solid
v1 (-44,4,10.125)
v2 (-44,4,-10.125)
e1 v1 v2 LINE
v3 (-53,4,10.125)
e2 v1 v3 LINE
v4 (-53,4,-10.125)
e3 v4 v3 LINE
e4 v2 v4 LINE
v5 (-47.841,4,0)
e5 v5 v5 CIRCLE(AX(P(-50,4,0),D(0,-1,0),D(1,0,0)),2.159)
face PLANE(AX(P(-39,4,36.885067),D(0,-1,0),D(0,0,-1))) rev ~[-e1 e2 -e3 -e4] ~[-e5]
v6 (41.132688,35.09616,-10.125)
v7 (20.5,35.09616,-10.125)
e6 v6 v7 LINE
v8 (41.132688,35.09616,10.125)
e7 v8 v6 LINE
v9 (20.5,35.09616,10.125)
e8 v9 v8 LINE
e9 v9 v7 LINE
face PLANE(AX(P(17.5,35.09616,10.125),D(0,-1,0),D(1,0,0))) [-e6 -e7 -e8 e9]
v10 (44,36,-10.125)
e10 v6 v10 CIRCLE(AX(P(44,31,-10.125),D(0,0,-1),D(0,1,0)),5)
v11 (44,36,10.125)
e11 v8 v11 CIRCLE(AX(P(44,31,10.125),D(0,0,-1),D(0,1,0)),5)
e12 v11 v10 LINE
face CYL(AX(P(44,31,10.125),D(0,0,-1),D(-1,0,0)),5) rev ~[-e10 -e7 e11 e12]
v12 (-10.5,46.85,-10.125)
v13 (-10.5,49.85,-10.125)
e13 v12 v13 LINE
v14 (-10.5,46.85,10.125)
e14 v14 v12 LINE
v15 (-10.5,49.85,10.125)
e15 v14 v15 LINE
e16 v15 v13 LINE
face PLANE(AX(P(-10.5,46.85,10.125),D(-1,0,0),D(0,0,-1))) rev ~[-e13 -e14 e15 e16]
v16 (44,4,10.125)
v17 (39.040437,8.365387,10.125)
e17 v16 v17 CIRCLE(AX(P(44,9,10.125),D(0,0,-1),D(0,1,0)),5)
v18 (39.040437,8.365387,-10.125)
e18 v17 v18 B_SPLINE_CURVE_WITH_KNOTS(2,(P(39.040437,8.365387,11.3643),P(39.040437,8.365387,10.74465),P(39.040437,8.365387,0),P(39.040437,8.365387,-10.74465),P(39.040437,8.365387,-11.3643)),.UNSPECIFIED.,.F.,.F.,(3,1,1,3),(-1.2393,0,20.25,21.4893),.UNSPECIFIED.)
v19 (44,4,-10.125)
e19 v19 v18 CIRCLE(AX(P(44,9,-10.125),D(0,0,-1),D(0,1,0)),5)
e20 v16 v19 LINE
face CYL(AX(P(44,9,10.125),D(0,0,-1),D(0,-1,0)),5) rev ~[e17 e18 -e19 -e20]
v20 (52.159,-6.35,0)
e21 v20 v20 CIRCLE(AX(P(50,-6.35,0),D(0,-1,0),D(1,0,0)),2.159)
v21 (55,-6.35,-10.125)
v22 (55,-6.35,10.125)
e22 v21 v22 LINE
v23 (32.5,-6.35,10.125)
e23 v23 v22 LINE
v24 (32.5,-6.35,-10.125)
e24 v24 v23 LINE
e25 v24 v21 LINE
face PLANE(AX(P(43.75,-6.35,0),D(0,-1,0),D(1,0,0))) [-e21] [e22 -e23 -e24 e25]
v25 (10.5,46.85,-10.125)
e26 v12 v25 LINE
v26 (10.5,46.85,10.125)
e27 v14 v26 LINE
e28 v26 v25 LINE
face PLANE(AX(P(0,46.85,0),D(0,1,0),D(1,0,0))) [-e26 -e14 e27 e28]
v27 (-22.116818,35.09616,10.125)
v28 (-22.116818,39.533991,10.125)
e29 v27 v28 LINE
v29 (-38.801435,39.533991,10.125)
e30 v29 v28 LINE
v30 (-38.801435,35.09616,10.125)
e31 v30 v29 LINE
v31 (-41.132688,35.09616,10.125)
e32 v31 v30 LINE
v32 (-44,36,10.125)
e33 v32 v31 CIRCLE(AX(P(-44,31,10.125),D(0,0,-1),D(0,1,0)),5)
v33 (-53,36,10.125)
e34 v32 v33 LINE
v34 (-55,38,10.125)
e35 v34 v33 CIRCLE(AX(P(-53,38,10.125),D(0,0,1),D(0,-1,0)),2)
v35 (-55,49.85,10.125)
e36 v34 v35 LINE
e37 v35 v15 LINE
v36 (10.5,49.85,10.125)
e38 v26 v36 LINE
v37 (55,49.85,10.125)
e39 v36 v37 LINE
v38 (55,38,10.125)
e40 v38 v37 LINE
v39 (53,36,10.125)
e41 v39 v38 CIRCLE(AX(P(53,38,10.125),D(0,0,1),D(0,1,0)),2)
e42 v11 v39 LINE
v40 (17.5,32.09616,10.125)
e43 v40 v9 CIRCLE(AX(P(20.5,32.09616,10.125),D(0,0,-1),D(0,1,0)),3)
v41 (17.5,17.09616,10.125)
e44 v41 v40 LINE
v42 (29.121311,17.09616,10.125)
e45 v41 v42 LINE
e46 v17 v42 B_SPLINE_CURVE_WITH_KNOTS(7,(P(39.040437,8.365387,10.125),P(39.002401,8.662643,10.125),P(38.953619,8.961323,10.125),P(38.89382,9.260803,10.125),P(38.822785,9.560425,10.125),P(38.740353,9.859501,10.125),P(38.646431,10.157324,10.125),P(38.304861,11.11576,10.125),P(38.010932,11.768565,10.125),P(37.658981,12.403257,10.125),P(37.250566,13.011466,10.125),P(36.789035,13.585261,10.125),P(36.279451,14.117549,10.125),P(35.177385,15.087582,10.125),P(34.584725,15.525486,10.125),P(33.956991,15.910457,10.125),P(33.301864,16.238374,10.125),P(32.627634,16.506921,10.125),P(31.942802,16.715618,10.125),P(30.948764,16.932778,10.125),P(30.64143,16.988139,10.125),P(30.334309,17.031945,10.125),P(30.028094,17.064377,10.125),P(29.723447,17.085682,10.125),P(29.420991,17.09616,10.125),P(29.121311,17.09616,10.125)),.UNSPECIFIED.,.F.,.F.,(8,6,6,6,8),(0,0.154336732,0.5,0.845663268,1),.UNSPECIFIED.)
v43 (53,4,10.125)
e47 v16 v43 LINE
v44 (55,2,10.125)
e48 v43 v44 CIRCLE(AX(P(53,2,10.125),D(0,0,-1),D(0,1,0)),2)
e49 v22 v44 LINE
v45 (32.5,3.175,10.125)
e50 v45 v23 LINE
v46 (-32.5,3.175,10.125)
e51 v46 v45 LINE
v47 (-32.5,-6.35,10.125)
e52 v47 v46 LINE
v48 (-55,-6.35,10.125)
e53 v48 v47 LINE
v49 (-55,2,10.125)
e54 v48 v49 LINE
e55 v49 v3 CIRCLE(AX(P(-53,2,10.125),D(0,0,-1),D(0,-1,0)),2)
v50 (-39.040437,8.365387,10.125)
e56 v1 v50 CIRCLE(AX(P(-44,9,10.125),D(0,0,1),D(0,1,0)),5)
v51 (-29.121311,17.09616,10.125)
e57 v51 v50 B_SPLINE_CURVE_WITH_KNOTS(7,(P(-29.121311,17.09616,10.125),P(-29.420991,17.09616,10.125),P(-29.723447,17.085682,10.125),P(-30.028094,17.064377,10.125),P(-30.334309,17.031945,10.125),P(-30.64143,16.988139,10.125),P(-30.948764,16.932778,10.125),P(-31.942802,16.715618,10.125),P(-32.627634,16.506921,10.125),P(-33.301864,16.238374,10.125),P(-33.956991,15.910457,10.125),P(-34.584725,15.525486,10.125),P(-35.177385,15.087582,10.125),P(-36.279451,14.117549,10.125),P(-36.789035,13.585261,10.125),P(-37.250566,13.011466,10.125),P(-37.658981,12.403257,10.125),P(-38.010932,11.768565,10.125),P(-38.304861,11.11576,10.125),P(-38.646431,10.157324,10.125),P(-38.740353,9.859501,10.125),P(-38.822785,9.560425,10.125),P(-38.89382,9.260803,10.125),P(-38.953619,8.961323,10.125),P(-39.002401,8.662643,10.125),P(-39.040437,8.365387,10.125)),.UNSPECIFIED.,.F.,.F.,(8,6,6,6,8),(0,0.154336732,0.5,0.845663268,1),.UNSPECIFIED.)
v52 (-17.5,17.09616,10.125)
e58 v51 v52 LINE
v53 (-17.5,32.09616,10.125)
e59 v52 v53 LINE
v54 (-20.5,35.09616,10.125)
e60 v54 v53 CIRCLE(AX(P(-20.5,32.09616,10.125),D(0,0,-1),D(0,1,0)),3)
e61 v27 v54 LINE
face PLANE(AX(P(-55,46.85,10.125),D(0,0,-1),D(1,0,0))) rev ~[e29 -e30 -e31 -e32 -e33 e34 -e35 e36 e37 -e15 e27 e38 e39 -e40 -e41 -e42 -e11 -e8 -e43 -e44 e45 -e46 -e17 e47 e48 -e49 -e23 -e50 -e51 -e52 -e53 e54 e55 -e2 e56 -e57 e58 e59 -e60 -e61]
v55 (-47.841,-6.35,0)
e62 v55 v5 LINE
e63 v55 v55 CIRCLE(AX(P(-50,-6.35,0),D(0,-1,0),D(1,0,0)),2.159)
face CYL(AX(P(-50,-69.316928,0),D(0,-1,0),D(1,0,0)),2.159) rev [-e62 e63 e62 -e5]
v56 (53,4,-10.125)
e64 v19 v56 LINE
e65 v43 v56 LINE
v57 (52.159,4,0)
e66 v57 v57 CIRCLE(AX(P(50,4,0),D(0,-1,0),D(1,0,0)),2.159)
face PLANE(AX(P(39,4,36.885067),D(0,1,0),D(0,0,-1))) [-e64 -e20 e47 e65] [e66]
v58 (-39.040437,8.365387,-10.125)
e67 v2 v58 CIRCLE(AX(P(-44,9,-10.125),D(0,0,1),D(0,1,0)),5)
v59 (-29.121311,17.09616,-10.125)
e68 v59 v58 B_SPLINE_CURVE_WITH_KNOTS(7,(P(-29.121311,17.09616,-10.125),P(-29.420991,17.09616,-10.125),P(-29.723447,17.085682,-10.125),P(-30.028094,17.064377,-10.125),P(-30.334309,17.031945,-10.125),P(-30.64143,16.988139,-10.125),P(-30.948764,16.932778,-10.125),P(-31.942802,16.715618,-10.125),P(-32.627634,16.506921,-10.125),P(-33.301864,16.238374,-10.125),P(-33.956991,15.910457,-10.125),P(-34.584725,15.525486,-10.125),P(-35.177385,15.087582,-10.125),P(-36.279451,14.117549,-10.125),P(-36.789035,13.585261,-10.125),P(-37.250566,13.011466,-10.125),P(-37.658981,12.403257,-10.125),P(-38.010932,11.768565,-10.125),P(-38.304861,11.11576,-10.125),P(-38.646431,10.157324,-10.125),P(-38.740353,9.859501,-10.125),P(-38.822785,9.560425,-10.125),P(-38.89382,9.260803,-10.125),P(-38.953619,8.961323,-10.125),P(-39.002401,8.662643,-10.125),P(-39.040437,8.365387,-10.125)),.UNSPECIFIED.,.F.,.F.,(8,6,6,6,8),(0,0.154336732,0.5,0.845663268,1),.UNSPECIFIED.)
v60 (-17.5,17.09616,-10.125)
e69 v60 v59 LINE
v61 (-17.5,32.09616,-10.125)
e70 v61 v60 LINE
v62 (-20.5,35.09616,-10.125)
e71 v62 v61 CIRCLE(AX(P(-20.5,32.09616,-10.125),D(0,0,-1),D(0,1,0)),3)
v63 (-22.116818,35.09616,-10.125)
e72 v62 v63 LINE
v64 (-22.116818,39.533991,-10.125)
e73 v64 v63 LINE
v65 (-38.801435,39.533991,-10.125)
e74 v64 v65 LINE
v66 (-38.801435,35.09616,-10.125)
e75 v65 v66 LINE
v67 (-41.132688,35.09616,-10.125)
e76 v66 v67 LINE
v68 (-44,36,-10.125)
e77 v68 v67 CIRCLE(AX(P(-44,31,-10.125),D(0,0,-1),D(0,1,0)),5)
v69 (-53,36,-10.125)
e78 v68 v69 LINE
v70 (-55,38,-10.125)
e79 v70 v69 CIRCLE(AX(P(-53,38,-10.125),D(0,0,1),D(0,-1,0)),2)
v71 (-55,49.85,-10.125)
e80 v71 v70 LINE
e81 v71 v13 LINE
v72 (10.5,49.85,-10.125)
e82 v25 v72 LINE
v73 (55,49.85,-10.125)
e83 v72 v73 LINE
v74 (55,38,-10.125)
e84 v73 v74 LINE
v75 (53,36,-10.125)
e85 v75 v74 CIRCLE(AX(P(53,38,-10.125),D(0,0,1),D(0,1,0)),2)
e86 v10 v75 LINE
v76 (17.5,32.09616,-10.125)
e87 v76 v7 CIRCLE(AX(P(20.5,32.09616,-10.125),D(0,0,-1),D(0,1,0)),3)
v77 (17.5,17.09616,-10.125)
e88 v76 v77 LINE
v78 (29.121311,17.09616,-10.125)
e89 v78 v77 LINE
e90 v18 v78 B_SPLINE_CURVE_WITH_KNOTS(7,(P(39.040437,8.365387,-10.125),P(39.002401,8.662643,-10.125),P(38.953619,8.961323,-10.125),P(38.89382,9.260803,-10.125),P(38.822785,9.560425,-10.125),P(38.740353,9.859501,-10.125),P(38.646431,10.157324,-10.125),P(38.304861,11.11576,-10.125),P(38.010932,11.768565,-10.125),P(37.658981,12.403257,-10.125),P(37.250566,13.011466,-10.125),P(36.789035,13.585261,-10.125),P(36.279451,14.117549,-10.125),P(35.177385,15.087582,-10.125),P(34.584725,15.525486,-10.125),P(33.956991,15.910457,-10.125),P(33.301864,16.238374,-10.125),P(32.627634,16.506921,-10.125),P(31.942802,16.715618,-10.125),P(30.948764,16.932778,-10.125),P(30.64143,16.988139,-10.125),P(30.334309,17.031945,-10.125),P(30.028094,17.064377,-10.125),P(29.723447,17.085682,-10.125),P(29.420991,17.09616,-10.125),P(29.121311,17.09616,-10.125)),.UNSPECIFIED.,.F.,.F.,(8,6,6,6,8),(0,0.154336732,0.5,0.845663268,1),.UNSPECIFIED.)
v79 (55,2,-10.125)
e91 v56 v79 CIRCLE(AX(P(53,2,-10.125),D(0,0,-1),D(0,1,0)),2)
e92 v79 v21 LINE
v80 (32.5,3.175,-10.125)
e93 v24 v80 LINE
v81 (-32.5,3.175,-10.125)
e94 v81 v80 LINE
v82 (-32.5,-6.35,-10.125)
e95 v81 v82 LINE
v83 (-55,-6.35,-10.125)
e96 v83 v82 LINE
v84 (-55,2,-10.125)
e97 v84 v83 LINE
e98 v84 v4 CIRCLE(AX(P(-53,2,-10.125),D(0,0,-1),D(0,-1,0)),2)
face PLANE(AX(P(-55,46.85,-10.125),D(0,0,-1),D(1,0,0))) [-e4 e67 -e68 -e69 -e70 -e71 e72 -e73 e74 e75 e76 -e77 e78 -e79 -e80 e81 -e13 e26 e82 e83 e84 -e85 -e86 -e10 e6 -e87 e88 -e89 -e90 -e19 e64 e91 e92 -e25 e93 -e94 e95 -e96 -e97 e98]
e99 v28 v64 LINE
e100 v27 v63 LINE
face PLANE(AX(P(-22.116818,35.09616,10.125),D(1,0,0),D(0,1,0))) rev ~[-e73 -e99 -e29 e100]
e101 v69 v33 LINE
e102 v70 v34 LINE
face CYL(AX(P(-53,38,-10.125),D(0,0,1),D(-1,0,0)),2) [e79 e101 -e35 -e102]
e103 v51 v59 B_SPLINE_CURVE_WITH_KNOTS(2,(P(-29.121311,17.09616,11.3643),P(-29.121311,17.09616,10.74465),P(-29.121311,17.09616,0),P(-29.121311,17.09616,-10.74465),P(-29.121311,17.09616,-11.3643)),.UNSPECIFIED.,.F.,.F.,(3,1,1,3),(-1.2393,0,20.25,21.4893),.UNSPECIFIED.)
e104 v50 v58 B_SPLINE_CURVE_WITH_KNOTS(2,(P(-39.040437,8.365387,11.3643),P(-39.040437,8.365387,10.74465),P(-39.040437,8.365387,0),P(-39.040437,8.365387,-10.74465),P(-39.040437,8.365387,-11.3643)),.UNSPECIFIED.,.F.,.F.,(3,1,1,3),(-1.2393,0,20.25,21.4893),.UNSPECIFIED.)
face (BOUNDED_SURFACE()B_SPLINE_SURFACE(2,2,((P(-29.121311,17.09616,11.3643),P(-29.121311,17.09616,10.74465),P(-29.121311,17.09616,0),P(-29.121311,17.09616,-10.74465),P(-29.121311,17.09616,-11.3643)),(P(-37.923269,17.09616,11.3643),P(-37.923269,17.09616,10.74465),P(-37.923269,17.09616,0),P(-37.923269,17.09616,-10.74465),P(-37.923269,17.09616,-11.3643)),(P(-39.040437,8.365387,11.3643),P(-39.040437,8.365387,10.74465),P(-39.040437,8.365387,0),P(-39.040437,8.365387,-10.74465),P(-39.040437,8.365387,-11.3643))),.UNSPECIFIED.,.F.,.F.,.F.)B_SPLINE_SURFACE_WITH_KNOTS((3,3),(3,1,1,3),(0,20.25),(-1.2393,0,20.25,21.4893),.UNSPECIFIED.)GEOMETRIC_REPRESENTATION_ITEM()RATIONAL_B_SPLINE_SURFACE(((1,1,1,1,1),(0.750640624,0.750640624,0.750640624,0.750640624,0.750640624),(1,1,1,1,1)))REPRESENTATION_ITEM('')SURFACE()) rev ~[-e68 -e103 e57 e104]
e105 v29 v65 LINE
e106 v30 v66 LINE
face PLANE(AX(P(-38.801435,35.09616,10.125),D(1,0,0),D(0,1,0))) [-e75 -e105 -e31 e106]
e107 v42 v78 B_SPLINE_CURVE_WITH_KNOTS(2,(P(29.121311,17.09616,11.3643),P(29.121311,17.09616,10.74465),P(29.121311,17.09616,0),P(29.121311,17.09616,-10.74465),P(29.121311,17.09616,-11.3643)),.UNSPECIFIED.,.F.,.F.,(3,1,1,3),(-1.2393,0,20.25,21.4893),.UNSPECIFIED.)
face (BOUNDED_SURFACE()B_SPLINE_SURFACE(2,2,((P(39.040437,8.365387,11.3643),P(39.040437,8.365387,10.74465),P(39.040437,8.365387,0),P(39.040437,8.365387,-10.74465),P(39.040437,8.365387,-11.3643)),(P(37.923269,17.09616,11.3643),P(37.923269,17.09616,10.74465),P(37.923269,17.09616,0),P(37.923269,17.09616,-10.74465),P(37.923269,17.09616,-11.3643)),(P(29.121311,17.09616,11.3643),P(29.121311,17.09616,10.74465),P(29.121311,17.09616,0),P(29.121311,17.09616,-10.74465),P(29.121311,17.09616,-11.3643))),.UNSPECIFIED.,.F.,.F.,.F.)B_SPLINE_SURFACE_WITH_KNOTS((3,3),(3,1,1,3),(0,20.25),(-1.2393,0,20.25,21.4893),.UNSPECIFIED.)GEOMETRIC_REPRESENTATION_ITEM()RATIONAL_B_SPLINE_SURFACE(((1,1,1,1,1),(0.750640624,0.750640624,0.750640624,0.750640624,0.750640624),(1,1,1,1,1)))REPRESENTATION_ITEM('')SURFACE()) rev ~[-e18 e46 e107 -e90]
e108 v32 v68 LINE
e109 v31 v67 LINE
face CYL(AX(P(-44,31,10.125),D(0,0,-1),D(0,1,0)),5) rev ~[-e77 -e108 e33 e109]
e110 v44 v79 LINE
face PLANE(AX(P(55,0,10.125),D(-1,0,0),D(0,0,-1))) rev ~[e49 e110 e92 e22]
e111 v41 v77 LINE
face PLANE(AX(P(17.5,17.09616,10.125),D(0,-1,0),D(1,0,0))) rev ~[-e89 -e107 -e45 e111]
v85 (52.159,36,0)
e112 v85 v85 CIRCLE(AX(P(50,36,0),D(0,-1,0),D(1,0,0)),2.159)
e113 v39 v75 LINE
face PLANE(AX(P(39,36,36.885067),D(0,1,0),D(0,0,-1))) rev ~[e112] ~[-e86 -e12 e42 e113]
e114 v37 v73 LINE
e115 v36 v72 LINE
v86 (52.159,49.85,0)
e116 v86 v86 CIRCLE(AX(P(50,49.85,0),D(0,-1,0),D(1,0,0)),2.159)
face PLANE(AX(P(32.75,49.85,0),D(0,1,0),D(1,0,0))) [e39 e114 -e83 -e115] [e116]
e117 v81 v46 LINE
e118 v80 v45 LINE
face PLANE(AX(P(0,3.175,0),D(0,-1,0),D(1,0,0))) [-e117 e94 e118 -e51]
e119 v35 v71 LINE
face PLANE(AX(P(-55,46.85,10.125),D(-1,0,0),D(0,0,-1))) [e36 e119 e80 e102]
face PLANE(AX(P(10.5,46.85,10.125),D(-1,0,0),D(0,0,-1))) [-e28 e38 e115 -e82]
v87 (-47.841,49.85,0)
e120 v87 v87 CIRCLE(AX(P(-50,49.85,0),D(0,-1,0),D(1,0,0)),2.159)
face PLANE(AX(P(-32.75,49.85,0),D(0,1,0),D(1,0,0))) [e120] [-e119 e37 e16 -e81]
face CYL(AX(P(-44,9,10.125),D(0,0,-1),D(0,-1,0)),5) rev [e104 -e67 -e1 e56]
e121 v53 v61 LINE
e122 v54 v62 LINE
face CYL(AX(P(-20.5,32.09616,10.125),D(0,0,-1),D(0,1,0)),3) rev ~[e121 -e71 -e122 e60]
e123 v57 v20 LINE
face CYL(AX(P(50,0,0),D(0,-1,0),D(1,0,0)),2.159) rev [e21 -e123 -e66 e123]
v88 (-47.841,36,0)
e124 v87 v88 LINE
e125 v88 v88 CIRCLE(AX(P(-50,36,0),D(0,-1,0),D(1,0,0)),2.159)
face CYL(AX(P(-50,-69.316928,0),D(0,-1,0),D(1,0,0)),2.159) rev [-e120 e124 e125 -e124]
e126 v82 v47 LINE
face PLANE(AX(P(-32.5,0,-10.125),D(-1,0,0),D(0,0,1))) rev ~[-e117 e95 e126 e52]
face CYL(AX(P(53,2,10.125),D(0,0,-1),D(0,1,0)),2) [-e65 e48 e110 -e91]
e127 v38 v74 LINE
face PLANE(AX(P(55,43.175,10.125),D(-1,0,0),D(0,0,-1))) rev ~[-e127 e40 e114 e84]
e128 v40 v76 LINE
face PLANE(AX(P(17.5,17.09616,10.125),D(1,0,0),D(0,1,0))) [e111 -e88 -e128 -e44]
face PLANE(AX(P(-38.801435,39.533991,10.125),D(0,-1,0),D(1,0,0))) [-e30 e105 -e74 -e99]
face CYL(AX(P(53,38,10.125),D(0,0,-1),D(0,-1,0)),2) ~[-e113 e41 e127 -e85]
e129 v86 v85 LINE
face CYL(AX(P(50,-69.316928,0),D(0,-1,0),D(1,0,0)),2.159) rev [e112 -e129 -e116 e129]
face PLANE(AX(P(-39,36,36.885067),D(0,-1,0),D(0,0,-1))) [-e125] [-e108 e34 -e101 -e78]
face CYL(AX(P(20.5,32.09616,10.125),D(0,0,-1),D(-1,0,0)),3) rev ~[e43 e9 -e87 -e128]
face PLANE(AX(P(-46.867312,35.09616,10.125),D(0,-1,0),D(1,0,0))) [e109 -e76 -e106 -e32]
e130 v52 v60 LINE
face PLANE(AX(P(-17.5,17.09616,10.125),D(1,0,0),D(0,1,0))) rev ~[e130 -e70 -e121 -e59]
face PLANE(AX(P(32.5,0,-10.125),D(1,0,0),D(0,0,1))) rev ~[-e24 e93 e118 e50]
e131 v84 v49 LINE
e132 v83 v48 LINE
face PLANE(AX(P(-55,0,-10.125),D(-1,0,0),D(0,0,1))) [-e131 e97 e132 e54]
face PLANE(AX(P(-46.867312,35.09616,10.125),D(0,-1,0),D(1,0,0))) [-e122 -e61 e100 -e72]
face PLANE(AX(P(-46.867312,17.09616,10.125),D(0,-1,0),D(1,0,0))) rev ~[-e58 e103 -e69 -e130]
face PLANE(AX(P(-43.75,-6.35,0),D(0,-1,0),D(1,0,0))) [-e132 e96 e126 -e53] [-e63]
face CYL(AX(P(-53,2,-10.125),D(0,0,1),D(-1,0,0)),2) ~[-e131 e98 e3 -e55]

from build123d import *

# Parameters (mm, degrees)
SKETCH1_W                = 110
SKETCH1_H                = 20.25
SKETCH1_R                = 2.159
BOSS_EXTRUDE1_DEPTH      = 43.175
CUT_EXTRUDE3_START       = 39
SKETCH2_W                = 74.945935845
SKETCH2_H                = 32
CUT_EXTRUDE3_DEPTH       = 32.651229643
CUT_EXTRUDE4_START       = -39
SKETCH2_3_W              = 74.945935845
SKETCH2_3_H              = 32
CUT_EXTRUDE4_DEPTH       = 32.651229643
FILLET1_R                = 5
FILLET2_R                = 2
SKETCH10_W               = 65
SKETCH10_H               = 20.25
CUT_EXTRUDE8_DEPTH       = 3.175
SKETCH11_W               = 30
SKETCH11_H               = 18
SKETCH11_W_2             = 29.367311722
CUT_EXTRUDE9_DEPTH       = 73.795213613
FILLET3_R                = 10
FILLET5_R                = 3
SKETCH16_W               = 22.5
SKETCH16_H               = 20.25
BOSS_EXTRUDE4_DEPTH      = 6.35
SKETCH13_W               = 110
SKETCH13_H               = 20.25
BOSS_EXTRUDE5_DEPTH      = 3.675
SKETCH19_W               = 44.5
SKETCH19_H               = 20.25
BOSS_EXTRUDE6_DEPTH      = 3
CUT_EXTRUDE10_DEPTH      = 73.316928497
CUT_EXTRUDE10_DEPTH_BACK = 73.316928497
SKETCH20_R               = 2.159
SKETCH21_W               = 16.684617085
SKETCH21_H               = 4.437831476
CUT_EXTRUDE11_DEPTH      = 77.942088775


with BuildPart() as part:
    # Sketch1 → Boss-Extrude1 (new body)
    with BuildSketch(Plane(origin=(0, 0, 0), x_dir=(1, 0, 0), z_dir=(0, 1, 0))):
        Rectangle(SKETCH1_W, SKETCH1_H)
        with Locations((-50, 0)):
            Circle(SKETCH1_R, mode=Mode.SUBTRACT)
        with Locations((50, 0)):
            Circle(SKETCH1_R, mode=Mode.SUBTRACT)
    extrude(amount=BOSS_EXTRUDE1_DEPTH)

    # Sketch2 → Cut-Extrude3 (cut, through all)
    with BuildSketch(Plane(origin=(0, 0, 0), x_dir=(0, 0, -1), z_dir=(1, 0, 0)).offset(CUT_EXTRUDE3_START)):
        with Locations((0.587900532, 20)):
            Rectangle(SKETCH2_W, SKETCH2_H)
    extrude(amount=CUT_EXTRUDE3_DEPTH, mode=Mode.SUBTRACT)

    # Sketch2<3> → Cut-Extrude4 (cut, through all)
    with BuildSketch(Plane(origin=(0, 0, 0), x_dir=(0, 0, -1), z_dir=(1, 0, 0)).offset(CUT_EXTRUDE4_START)):
        with Locations((0.587900532, 20)):
            Rectangle(SKETCH2_3_W, SKETCH2_3_H)
    extrude(amount=-CUT_EXTRUDE4_DEPTH, mode=Mode.SUBTRACT)

    # Fillet1
    fillet1_edges = [part.edges().sort_by_distance(p)[0] for p in [
        (-39, 36, 0),
        (-39, 4, 0),
        (39, 4, 0),
        (39, 36, 0),
    ]]
    fillet(fillet1_edges, radius=FILLET1_R)

    # Fillet2
    fillet2_edges = [part.edges().sort_by_distance(p)[0] for p in [
        (55, 4, 0),
        (55, 36, 0),
        (-55, 36, 0),
        (-55, 4, 0),
    ]]
    fillet(fillet2_edges, radius=FILLET2_R)

    # Sketch10 → Cut-Extrude8 (cut)
    with BuildSketch(Plane.XZ):
        Rectangle(SKETCH10_W, SKETCH10_H)
    extrude(amount=-CUT_EXTRUDE8_DEPTH, mode=Mode.SUBTRACT)

    # Sketch11 → Cut-Extrude9 (cut, through all)
    with BuildSketch(Plane.XY.offset(10.125)):
        with Locations((32.5, 26.096159603)):
            Rectangle(SKETCH11_W, SKETCH11_H)
        with Locations((-32.183655861, 26.096159603)):
            Rectangle(SKETCH11_W_2, SKETCH11_H)
    extrude(amount=-CUT_EXTRUDE9_DEPTH, mode=Mode.SUBTRACT)

    # Fillet3
    fillet3_edges = [part.edges().sort_by_distance(p)[0] for p in [
        (39, 17.096159603, 0),
        (-39, 17.096159603, 0),
    ]]
    fillet(fillet3_edges, radius=FILLET3_R)

    # Fillet5
    fillet5_edges = [part.edges().sort_by_distance(p)[0] for p in [
        (17.5, 35.096159603, 0),
        (-17.5, 35.096159603, 0),
    ]]
    fillet(fillet5_edges, radius=FILLET5_R)

    # Sketch16 → Boss-Extrude4 (add)
    with BuildSketch(Plane.XZ):
        with Locations((-43.75, 0)):
            Rectangle(SKETCH16_W, SKETCH16_H)
        with Locations((43.75, 0)):
            Rectangle(SKETCH16_W, SKETCH16_H)
    extrude(amount=BOSS_EXTRUDE4_DEPTH)

    # Sketch13 → Boss-Extrude5 (add)
    with BuildSketch(Plane(origin=(0, 43.175, 0), x_dir=(1, 0, 0), z_dir=(0, 1, 0))):
        Rectangle(SKETCH13_W, SKETCH13_H)
    extrude(amount=BOSS_EXTRUDE5_DEPTH)

    # Sketch19 → Boss-Extrude6 (add)
    with BuildSketch(Plane(origin=(0, 46.85, 0), x_dir=(1, 0, 0), z_dir=(0, 1, 0))):
        with Locations((-32.75, 0)):
            Rectangle(SKETCH19_W, SKETCH19_H)
        with Locations((32.75, 0)):
            Rectangle(SKETCH19_W, SKETCH19_H)
    extrude(amount=BOSS_EXTRUDE6_DEPTH)

    # Sketch20 → Cut-Extrude10 (cut, two sides: drawn at the far end of the back side and taken through both)
    with BuildSketch(Plane(origin=(0, 4, 0), x_dir=(1, 0, 0), z_dir=(0, 1, 0)).offset(-CUT_EXTRUDE10_DEPTH_BACK)):
        with Locations((-50, 0)):
            Circle(SKETCH20_R)
        with Locations((50, 0)):
            Circle(SKETCH20_R)
    extrude(amount=CUT_EXTRUDE10_DEPTH + CUT_EXTRUDE10_DEPTH_BACK, mode=Mode.SUBTRACT)

    # Sketch21 → Cut-Extrude11 (cut, through all)
    with BuildSketch(Plane.XY.offset(10.125)):
        with Locations((-30.45912654, 37.315075341)):
            Rectangle(SKETCH21_W, SKETCH21_H)
    extrude(amount=-CUT_EXTRUDE11_DEPTH, mode=Mode.SUBTRACT)


solid = part.part
